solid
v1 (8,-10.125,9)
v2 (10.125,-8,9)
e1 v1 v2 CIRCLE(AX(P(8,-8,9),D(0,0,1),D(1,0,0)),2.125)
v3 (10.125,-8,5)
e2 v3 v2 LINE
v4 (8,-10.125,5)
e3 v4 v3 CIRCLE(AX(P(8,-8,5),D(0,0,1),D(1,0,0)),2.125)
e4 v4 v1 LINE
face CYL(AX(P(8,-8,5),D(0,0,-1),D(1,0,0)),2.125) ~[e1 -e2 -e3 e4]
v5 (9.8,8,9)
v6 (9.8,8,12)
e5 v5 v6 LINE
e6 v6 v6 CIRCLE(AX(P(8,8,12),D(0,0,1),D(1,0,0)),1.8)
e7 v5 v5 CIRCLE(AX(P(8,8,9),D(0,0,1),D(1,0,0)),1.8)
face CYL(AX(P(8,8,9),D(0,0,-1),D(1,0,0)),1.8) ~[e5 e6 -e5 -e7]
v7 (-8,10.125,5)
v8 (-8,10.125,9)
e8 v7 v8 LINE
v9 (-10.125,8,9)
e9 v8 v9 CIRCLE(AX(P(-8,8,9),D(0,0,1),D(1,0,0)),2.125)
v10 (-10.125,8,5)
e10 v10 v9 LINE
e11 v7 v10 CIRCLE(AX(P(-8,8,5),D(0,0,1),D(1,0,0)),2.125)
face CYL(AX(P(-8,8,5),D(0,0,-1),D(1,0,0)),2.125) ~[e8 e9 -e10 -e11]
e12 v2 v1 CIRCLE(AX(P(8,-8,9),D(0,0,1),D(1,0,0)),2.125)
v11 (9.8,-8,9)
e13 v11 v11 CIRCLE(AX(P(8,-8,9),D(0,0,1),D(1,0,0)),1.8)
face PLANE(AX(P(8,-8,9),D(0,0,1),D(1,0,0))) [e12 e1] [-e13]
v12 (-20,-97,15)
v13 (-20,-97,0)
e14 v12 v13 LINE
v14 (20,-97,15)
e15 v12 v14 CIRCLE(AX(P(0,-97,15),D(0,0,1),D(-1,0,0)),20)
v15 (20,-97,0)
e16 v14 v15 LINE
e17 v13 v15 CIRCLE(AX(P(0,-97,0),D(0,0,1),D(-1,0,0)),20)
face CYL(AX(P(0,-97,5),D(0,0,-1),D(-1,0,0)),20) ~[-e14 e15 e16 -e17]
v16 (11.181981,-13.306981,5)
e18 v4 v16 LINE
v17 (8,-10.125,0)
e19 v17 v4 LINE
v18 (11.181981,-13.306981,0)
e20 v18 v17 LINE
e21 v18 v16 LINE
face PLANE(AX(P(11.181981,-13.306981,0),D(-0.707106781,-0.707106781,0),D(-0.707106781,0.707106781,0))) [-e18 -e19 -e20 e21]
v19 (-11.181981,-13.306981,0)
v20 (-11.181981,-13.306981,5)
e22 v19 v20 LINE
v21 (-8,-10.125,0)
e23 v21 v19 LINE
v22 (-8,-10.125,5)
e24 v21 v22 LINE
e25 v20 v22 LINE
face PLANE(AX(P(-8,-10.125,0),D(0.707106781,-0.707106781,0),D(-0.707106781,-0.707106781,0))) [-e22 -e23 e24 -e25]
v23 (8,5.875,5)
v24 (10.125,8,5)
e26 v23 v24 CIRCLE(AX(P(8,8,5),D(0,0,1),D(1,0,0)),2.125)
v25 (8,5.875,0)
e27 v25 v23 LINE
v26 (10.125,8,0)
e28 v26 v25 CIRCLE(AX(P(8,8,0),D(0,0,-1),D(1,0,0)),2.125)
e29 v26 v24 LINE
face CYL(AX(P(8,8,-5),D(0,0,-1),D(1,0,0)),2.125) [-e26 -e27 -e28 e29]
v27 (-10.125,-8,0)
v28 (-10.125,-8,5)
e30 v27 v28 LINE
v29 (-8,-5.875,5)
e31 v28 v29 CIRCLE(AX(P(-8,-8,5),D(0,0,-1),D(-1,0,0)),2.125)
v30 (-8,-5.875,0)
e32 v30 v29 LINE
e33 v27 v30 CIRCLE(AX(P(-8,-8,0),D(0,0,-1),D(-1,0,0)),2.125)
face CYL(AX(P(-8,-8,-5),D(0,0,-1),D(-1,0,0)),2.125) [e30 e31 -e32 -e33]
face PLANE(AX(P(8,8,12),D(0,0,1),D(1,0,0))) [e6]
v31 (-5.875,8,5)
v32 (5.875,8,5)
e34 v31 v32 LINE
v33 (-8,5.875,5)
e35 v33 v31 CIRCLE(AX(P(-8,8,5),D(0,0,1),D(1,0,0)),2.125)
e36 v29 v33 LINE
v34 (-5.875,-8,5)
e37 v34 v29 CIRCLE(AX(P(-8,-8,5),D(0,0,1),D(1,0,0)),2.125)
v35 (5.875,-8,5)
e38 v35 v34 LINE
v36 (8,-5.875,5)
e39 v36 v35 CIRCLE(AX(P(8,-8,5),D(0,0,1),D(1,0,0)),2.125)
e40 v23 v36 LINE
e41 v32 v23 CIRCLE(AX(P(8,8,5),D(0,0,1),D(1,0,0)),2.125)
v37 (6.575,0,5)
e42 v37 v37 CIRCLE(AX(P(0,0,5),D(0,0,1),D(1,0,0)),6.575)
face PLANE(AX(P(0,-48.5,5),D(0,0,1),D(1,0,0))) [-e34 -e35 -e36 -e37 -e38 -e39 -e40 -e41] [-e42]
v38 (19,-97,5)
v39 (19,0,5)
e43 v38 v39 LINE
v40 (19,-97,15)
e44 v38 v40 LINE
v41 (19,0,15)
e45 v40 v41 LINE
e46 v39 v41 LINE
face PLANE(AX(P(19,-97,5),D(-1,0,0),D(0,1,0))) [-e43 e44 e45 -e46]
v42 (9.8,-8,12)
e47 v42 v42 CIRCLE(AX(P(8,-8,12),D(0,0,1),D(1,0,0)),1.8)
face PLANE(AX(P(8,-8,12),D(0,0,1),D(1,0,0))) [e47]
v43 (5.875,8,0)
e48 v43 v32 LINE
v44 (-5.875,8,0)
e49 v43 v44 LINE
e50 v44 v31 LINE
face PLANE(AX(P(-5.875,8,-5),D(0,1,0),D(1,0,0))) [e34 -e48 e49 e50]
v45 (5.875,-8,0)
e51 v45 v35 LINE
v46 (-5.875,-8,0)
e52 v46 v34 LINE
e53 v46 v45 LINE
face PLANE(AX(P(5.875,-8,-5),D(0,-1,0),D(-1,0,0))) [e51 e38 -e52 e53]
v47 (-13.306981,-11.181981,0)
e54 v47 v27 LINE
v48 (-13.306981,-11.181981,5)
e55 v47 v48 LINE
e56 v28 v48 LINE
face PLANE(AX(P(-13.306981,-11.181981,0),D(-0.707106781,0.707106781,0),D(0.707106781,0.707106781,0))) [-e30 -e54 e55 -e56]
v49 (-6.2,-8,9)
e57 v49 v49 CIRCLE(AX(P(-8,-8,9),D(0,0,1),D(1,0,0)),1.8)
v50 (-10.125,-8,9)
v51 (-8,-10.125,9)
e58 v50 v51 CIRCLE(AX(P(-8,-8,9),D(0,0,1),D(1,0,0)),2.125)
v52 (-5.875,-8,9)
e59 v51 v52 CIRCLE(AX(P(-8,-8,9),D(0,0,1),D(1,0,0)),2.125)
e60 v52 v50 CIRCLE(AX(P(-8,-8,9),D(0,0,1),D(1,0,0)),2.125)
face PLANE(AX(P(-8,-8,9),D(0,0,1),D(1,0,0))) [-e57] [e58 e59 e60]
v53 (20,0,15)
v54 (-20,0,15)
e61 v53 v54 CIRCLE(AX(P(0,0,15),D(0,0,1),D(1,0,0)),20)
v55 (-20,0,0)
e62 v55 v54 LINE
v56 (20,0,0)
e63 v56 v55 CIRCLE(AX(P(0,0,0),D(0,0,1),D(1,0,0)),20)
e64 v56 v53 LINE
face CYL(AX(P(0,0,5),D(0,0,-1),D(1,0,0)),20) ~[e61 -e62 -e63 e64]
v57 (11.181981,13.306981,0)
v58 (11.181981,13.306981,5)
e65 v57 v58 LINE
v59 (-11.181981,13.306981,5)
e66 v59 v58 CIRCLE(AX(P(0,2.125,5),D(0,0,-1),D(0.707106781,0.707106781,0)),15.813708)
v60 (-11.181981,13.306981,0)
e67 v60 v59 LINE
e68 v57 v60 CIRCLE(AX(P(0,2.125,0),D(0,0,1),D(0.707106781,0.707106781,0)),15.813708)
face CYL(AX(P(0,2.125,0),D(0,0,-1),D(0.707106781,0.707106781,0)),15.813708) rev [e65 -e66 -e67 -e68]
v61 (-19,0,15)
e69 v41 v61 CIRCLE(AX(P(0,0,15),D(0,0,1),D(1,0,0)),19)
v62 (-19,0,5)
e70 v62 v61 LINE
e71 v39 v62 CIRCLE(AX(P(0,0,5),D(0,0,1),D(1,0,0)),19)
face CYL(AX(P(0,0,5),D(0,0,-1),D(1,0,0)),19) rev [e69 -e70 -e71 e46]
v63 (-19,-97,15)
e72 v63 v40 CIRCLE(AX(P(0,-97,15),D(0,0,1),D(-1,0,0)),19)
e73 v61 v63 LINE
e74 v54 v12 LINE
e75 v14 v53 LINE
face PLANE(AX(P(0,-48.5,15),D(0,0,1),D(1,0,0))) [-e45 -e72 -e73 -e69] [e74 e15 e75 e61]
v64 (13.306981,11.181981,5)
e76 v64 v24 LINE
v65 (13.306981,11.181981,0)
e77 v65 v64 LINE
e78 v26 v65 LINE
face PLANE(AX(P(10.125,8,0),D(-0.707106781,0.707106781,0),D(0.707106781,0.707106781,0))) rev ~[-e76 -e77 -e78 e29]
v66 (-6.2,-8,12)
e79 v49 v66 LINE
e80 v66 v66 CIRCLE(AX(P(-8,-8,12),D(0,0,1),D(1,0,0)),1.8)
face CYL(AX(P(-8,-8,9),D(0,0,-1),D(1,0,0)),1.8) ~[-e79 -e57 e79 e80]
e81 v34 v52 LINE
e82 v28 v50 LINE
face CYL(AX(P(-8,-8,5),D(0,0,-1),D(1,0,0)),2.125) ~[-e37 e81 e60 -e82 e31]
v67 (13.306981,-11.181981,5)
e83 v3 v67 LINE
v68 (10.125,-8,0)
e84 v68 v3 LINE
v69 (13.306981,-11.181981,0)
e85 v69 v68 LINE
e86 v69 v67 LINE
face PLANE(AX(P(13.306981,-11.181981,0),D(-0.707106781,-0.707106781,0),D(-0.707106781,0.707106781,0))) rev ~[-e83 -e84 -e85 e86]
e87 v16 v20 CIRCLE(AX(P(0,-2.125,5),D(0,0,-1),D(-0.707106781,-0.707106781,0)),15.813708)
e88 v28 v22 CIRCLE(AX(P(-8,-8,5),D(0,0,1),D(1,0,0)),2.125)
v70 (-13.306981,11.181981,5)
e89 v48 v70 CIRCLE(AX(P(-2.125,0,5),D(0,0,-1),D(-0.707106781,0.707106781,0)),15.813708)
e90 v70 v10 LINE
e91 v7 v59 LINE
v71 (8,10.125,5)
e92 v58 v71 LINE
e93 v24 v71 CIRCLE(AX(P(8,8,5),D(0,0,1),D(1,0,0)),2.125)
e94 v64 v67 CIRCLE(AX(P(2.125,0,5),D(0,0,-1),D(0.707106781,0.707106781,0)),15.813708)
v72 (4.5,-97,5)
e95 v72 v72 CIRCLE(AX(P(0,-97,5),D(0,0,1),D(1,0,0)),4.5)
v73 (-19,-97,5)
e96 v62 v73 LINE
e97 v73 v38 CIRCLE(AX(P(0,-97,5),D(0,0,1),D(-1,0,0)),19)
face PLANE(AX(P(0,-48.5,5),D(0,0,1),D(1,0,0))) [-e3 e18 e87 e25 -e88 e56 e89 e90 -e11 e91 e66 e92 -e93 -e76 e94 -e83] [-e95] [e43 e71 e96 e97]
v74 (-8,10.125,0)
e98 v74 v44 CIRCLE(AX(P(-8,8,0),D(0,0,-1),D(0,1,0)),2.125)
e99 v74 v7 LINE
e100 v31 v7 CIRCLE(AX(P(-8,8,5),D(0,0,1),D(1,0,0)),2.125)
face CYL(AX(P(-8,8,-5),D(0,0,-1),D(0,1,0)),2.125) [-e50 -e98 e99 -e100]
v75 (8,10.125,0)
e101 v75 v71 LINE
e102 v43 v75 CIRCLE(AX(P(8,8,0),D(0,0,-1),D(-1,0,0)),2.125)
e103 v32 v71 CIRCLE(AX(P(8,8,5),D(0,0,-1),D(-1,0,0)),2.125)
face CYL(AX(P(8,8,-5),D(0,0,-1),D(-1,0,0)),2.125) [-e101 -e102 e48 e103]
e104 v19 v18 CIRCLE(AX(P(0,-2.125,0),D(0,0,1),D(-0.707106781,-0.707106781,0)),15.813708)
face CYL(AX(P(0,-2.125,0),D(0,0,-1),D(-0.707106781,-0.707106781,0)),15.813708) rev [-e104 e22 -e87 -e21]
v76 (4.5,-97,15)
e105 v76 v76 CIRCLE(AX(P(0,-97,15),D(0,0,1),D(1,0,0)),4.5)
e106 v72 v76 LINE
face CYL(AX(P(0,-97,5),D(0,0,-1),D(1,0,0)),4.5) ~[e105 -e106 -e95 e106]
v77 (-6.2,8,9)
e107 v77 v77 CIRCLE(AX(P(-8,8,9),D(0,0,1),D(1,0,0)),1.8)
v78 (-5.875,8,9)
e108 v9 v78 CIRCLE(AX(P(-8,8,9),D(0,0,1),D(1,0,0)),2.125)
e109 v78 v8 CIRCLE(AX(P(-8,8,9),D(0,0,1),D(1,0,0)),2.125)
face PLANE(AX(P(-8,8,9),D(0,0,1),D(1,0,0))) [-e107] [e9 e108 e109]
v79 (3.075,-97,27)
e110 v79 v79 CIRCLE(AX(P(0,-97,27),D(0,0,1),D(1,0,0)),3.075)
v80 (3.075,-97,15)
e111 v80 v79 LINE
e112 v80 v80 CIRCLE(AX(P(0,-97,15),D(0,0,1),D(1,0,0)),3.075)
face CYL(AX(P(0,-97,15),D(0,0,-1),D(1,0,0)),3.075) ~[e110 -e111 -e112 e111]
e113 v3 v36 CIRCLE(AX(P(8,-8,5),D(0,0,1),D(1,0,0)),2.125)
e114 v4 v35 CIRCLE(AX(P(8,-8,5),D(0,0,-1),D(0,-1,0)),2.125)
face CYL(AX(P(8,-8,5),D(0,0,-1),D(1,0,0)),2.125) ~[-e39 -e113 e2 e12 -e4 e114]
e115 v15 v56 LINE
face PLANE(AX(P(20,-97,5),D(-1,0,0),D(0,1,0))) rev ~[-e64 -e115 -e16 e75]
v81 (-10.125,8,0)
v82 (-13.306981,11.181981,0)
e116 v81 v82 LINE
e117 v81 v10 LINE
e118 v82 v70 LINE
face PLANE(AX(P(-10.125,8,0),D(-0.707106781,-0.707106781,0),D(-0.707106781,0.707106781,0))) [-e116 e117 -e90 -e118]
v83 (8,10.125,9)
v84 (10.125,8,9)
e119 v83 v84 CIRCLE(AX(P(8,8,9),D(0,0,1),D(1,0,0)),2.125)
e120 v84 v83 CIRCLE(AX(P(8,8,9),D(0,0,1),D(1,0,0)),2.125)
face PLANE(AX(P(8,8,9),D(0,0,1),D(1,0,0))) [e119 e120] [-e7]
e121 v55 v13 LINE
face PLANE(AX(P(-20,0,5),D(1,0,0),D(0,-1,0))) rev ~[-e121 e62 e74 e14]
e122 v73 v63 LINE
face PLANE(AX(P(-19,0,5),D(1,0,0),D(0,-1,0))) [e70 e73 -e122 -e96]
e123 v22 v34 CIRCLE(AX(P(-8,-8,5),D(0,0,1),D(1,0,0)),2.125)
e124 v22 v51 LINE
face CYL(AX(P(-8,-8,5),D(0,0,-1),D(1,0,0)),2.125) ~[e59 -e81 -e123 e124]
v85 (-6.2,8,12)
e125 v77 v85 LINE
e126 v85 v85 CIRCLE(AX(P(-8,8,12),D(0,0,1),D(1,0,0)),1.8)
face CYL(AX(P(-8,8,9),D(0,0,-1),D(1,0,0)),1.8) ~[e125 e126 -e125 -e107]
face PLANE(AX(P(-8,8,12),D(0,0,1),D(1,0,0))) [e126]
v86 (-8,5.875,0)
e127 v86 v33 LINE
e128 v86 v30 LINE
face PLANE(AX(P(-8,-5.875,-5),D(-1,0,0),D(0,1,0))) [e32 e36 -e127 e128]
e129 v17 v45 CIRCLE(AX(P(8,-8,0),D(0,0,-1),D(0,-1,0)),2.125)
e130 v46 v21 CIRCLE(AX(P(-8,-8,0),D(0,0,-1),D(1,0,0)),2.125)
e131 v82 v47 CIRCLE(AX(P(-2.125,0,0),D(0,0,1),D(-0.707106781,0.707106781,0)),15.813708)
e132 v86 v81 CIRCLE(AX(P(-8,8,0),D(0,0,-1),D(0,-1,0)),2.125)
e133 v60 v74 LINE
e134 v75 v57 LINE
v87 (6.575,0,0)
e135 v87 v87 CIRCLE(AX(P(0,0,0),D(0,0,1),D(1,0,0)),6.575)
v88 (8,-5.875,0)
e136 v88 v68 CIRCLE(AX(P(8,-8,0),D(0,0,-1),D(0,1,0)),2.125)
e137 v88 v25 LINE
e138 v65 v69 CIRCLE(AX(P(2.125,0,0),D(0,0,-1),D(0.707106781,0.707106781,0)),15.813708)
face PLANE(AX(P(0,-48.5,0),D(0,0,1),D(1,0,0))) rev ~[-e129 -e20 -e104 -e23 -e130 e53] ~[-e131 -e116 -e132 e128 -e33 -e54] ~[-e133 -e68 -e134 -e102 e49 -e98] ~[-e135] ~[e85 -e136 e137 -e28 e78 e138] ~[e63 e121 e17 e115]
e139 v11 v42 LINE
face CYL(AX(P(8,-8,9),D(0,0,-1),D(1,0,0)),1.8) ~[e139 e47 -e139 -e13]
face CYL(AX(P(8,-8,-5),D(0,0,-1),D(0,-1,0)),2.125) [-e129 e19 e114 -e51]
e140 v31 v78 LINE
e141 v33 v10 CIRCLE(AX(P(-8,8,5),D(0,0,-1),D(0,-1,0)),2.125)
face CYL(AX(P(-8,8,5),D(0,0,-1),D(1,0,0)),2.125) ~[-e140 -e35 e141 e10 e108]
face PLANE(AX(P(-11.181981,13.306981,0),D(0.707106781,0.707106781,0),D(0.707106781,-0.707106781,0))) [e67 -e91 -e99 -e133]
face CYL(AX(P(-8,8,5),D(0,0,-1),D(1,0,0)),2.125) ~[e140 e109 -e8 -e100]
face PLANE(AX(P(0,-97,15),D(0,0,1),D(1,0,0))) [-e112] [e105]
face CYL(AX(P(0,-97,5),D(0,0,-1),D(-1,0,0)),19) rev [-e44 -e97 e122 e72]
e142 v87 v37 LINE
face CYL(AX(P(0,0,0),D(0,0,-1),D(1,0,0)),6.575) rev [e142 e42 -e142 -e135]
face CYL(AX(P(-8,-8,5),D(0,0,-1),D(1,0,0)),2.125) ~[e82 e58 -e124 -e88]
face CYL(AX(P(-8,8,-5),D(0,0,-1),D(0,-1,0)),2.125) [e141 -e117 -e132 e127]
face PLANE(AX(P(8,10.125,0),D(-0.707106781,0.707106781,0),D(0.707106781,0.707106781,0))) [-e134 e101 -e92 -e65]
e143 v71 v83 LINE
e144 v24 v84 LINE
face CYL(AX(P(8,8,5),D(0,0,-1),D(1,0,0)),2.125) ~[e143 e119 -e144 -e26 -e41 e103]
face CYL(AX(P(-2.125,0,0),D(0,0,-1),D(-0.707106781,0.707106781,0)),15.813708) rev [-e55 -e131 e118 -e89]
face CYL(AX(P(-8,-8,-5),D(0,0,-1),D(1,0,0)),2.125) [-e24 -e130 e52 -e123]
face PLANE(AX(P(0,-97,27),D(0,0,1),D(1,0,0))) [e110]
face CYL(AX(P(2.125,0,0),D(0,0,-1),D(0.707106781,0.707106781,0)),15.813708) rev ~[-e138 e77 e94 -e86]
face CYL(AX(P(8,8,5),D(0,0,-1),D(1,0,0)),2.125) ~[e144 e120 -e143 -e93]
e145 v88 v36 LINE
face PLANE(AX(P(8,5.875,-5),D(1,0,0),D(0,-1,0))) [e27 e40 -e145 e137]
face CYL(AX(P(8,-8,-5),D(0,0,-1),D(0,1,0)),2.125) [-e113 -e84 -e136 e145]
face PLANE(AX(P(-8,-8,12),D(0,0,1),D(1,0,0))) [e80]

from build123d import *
from build123d.topology import SkipClean

# Parameters (mm, degrees)
SKETCH2_R           = 6.575
BOSS_EXTRUDE1_DEPTH = 5
SKETCH3_R           = 4.5
BOSS_EXTRUDE2_DEPTH = 10
SKETCH4_R           = 2.125
BOSS_EXTRUDE3_DEPTH = 4
SKETCH5_R           = 1.8
BOSS_EXTRUDE4_DEPTH = 3
BOSS_EXTRUDE5_DEPTH = 10
CUT_EXTRUDE1_START  = -10
CUT_EXTRUDE1_DEPTH  = 10
SKETCH8_R           = 3.075
BOSS_EXTRUDE6_DEPTH = 12
CUT_EXTRUDE2_DEPTH  = 10


with BuildPart() as part:
    # Sketch2 → Boss-Extrude1 (new body)
    with BuildSketch(Plane.XY):
        with BuildLine():
            Line((-20, 0), (-20, -97))
            ThreePointArc((-20, -97), (0, -117), (20, -97))
            Line((20, -97), (20, 0))
            ThreePointArc((20, 0), (0, 20), (-20, 0))
        make_face()
        Circle(SKETCH2_R, mode=Mode.SUBTRACT)
    extrude(amount=BOSS_EXTRUDE1_DEPTH)

    # Sketch3 → Boss-Extrude2 (add)
    with BuildSketch(Plane.XY.offset(5)):
        with Locations((0, -97)):
            Circle(SKETCH3_R)
    extrude(amount=BOSS_EXTRUDE2_DEPTH)

    # Sketch4 → Boss-Extrude3 (add)
    with BuildSketch(Plane.XY.offset(5)):
        with Locations((-8, 8)):
            Circle(SKETCH4_R)
        with Locations((8, 8)):
            Circle(SKETCH4_R)
        with Locations((8, -8)):
            Circle(SKETCH4_R)
        with Locations((-8, -8)):
            Circle(SKETCH4_R)
    extrude(amount=BOSS_EXTRUDE3_DEPTH)

    # Sketch5 → Boss-Extrude4 (add)
    with BuildSketch(Plane.XY.offset(9)):
        with Locations((-8, 8)):
            Circle(SKETCH5_R)
        with Locations((8, 8)):
            Circle(SKETCH5_R)
        with Locations((8, -8)):
            Circle(SKETCH5_R)
        with Locations((-8, -8)):
            Circle(SKETCH5_R)
    extrude(amount=BOSS_EXTRUDE4_DEPTH)

    # Sketch6 → Boss-Extrude5 (add)
    with BuildSketch(Plane.XY.offset(5)):
        with BuildLine():
            Line((20, -97), (20, 0))
            ThreePointArc((20, 0), (0, 20), (-20, 0))
            Line((-20, 0), (-20, -97))
            ThreePointArc((-20, -97), (0, -117), (20, -97))
        make_face()
        with BuildLine():
            Line((-19, 0), (-19, -97))
            ThreePointArc((-19, -97), (0, -116), (19, -97))
            Line((19, -97), (19, 0))
            ThreePointArc((19, 0), (0, 19), (-19, 0))
        make_face(mode=Mode.SUBTRACT)
    extrude(amount=BOSS_EXTRUDE5_DEPTH)

    # Sketch7 → Cut-Extrude1 (cut)
    with BuildSketch(Plane.XY.offset(5).offset(CUT_EXTRUDE1_START)):
        with BuildLine():
            Line((-10.125, 8), (-10.125, -8))
            ThreePointArc((-10.125, -8), (-9.50260191, -6.49739809), (-8, -5.875))
            Line((-8, -5.875), (-8, 5.875))
            ThreePointArc((-8, 5.875), (-9.50260191, 6.49739809), (-10.125, 8))
        make_face()
        with BuildLine():
            Line((-8, -10.125), (8, -10.125))
            ThreePointArc((8, -10.125), (6.49739809, -9.50260191), (5.875, -8))
            Line((5.875, -8), (-5.875, -8))
            ThreePointArc((-5.875, -8), (-6.49739809, -9.50260191), (-8, -10.125))
        make_face()
        with BuildLine():
            Line((10.125, -8), (10.125, 8))
            ThreePointArc((10.125, 8), (9.50260191, 6.49739809), (8, 5.875))
            Line((8, 5.875), (8, -5.875))
            ThreePointArc((8, -5.875), (9.50260191, -6.49739809), (10.125, -8))
        make_face()
        with BuildLine():
            Line((8, 10.125), (-8, 10.125))
            ThreePointArc((-8, 10.125), (-6.49739809, 9.50260191), (-5.875, 8))
            Line((-5.875, 8), (5.875, 8))
            ThreePointArc((5.875, 8), (6.49739809, 9.50260191), (8, 10.125))
        make_face()
    extrude(amount=CUT_EXTRUDE1_DEPTH, mode=Mode.SUBTRACT)

    # Sketch8 → Boss-Extrude6 (add)
    with BuildSketch(Plane.XY.offset(15)):
        with Locations((0, -97)):
            Circle(SKETCH8_R)
    extrude(amount=BOSS_EXTRUDE6_DEPTH)

    # Sketch10 → Cut-Extrude2 (cut)
    with SkipClean():  # the faces are left unmerged after this step: merging them gives an invalid solid
        with BuildSketch(Plane(origin=(0, 0, 0), x_dir=(-1, 0, 0), z_dir=(0, 0, -1))):
            with BuildLine():
                Line((-8, 10.125), (-11.181980515, 13.306980515))
                ThreePointArc((-11.181980515, 13.306980515), (0, 17.938708499), (11.181980515, 13.306980515))
                Line((11.181980515, 13.306980515), (8, 10.125))
                Line((8, 10.125), (-8, 10.125))
            make_face()
            with BuildLine():
                Line((-10.125, 8), (-13.306980515, 11.181980515))
                ThreePointArc((-13.306980515, 11.181980515), (-17.938708499, 0), (-13.306980515, -11.181980515))
                Line((-13.306980515, -11.181980515), (-10.125, -8))
                Line((-10.125, -8), (-10.125, 8))
            make_face()
            with BuildLine():
                Line((10.125, 8), (13.306980515, 11.181980515))
                ThreePointArc((13.306980515, 11.181980515), (17.938708499, 0), (13.306980515, -11.181980515))
                Line((13.306980515, -11.181980515), (10.125, -8))
                Line((10.125, -8), (10.125, 8))
            make_face()
            with BuildLine():
                Line((8, -10.125), (11.181980515, -13.306980515))
                ThreePointArc((11.181980515, -13.306980515), (0, -17.938708499), (-11.181980515, -13.306980515))
                Line((-11.181980515, -13.306980515), (-8, -10.125))
                Line((-8, -10.125), (8, -10.125))
            make_face()
        extrude(amount=-CUT_EXTRUDE2_DEPTH, mode=Mode.SUBTRACT)


solid = part.part
